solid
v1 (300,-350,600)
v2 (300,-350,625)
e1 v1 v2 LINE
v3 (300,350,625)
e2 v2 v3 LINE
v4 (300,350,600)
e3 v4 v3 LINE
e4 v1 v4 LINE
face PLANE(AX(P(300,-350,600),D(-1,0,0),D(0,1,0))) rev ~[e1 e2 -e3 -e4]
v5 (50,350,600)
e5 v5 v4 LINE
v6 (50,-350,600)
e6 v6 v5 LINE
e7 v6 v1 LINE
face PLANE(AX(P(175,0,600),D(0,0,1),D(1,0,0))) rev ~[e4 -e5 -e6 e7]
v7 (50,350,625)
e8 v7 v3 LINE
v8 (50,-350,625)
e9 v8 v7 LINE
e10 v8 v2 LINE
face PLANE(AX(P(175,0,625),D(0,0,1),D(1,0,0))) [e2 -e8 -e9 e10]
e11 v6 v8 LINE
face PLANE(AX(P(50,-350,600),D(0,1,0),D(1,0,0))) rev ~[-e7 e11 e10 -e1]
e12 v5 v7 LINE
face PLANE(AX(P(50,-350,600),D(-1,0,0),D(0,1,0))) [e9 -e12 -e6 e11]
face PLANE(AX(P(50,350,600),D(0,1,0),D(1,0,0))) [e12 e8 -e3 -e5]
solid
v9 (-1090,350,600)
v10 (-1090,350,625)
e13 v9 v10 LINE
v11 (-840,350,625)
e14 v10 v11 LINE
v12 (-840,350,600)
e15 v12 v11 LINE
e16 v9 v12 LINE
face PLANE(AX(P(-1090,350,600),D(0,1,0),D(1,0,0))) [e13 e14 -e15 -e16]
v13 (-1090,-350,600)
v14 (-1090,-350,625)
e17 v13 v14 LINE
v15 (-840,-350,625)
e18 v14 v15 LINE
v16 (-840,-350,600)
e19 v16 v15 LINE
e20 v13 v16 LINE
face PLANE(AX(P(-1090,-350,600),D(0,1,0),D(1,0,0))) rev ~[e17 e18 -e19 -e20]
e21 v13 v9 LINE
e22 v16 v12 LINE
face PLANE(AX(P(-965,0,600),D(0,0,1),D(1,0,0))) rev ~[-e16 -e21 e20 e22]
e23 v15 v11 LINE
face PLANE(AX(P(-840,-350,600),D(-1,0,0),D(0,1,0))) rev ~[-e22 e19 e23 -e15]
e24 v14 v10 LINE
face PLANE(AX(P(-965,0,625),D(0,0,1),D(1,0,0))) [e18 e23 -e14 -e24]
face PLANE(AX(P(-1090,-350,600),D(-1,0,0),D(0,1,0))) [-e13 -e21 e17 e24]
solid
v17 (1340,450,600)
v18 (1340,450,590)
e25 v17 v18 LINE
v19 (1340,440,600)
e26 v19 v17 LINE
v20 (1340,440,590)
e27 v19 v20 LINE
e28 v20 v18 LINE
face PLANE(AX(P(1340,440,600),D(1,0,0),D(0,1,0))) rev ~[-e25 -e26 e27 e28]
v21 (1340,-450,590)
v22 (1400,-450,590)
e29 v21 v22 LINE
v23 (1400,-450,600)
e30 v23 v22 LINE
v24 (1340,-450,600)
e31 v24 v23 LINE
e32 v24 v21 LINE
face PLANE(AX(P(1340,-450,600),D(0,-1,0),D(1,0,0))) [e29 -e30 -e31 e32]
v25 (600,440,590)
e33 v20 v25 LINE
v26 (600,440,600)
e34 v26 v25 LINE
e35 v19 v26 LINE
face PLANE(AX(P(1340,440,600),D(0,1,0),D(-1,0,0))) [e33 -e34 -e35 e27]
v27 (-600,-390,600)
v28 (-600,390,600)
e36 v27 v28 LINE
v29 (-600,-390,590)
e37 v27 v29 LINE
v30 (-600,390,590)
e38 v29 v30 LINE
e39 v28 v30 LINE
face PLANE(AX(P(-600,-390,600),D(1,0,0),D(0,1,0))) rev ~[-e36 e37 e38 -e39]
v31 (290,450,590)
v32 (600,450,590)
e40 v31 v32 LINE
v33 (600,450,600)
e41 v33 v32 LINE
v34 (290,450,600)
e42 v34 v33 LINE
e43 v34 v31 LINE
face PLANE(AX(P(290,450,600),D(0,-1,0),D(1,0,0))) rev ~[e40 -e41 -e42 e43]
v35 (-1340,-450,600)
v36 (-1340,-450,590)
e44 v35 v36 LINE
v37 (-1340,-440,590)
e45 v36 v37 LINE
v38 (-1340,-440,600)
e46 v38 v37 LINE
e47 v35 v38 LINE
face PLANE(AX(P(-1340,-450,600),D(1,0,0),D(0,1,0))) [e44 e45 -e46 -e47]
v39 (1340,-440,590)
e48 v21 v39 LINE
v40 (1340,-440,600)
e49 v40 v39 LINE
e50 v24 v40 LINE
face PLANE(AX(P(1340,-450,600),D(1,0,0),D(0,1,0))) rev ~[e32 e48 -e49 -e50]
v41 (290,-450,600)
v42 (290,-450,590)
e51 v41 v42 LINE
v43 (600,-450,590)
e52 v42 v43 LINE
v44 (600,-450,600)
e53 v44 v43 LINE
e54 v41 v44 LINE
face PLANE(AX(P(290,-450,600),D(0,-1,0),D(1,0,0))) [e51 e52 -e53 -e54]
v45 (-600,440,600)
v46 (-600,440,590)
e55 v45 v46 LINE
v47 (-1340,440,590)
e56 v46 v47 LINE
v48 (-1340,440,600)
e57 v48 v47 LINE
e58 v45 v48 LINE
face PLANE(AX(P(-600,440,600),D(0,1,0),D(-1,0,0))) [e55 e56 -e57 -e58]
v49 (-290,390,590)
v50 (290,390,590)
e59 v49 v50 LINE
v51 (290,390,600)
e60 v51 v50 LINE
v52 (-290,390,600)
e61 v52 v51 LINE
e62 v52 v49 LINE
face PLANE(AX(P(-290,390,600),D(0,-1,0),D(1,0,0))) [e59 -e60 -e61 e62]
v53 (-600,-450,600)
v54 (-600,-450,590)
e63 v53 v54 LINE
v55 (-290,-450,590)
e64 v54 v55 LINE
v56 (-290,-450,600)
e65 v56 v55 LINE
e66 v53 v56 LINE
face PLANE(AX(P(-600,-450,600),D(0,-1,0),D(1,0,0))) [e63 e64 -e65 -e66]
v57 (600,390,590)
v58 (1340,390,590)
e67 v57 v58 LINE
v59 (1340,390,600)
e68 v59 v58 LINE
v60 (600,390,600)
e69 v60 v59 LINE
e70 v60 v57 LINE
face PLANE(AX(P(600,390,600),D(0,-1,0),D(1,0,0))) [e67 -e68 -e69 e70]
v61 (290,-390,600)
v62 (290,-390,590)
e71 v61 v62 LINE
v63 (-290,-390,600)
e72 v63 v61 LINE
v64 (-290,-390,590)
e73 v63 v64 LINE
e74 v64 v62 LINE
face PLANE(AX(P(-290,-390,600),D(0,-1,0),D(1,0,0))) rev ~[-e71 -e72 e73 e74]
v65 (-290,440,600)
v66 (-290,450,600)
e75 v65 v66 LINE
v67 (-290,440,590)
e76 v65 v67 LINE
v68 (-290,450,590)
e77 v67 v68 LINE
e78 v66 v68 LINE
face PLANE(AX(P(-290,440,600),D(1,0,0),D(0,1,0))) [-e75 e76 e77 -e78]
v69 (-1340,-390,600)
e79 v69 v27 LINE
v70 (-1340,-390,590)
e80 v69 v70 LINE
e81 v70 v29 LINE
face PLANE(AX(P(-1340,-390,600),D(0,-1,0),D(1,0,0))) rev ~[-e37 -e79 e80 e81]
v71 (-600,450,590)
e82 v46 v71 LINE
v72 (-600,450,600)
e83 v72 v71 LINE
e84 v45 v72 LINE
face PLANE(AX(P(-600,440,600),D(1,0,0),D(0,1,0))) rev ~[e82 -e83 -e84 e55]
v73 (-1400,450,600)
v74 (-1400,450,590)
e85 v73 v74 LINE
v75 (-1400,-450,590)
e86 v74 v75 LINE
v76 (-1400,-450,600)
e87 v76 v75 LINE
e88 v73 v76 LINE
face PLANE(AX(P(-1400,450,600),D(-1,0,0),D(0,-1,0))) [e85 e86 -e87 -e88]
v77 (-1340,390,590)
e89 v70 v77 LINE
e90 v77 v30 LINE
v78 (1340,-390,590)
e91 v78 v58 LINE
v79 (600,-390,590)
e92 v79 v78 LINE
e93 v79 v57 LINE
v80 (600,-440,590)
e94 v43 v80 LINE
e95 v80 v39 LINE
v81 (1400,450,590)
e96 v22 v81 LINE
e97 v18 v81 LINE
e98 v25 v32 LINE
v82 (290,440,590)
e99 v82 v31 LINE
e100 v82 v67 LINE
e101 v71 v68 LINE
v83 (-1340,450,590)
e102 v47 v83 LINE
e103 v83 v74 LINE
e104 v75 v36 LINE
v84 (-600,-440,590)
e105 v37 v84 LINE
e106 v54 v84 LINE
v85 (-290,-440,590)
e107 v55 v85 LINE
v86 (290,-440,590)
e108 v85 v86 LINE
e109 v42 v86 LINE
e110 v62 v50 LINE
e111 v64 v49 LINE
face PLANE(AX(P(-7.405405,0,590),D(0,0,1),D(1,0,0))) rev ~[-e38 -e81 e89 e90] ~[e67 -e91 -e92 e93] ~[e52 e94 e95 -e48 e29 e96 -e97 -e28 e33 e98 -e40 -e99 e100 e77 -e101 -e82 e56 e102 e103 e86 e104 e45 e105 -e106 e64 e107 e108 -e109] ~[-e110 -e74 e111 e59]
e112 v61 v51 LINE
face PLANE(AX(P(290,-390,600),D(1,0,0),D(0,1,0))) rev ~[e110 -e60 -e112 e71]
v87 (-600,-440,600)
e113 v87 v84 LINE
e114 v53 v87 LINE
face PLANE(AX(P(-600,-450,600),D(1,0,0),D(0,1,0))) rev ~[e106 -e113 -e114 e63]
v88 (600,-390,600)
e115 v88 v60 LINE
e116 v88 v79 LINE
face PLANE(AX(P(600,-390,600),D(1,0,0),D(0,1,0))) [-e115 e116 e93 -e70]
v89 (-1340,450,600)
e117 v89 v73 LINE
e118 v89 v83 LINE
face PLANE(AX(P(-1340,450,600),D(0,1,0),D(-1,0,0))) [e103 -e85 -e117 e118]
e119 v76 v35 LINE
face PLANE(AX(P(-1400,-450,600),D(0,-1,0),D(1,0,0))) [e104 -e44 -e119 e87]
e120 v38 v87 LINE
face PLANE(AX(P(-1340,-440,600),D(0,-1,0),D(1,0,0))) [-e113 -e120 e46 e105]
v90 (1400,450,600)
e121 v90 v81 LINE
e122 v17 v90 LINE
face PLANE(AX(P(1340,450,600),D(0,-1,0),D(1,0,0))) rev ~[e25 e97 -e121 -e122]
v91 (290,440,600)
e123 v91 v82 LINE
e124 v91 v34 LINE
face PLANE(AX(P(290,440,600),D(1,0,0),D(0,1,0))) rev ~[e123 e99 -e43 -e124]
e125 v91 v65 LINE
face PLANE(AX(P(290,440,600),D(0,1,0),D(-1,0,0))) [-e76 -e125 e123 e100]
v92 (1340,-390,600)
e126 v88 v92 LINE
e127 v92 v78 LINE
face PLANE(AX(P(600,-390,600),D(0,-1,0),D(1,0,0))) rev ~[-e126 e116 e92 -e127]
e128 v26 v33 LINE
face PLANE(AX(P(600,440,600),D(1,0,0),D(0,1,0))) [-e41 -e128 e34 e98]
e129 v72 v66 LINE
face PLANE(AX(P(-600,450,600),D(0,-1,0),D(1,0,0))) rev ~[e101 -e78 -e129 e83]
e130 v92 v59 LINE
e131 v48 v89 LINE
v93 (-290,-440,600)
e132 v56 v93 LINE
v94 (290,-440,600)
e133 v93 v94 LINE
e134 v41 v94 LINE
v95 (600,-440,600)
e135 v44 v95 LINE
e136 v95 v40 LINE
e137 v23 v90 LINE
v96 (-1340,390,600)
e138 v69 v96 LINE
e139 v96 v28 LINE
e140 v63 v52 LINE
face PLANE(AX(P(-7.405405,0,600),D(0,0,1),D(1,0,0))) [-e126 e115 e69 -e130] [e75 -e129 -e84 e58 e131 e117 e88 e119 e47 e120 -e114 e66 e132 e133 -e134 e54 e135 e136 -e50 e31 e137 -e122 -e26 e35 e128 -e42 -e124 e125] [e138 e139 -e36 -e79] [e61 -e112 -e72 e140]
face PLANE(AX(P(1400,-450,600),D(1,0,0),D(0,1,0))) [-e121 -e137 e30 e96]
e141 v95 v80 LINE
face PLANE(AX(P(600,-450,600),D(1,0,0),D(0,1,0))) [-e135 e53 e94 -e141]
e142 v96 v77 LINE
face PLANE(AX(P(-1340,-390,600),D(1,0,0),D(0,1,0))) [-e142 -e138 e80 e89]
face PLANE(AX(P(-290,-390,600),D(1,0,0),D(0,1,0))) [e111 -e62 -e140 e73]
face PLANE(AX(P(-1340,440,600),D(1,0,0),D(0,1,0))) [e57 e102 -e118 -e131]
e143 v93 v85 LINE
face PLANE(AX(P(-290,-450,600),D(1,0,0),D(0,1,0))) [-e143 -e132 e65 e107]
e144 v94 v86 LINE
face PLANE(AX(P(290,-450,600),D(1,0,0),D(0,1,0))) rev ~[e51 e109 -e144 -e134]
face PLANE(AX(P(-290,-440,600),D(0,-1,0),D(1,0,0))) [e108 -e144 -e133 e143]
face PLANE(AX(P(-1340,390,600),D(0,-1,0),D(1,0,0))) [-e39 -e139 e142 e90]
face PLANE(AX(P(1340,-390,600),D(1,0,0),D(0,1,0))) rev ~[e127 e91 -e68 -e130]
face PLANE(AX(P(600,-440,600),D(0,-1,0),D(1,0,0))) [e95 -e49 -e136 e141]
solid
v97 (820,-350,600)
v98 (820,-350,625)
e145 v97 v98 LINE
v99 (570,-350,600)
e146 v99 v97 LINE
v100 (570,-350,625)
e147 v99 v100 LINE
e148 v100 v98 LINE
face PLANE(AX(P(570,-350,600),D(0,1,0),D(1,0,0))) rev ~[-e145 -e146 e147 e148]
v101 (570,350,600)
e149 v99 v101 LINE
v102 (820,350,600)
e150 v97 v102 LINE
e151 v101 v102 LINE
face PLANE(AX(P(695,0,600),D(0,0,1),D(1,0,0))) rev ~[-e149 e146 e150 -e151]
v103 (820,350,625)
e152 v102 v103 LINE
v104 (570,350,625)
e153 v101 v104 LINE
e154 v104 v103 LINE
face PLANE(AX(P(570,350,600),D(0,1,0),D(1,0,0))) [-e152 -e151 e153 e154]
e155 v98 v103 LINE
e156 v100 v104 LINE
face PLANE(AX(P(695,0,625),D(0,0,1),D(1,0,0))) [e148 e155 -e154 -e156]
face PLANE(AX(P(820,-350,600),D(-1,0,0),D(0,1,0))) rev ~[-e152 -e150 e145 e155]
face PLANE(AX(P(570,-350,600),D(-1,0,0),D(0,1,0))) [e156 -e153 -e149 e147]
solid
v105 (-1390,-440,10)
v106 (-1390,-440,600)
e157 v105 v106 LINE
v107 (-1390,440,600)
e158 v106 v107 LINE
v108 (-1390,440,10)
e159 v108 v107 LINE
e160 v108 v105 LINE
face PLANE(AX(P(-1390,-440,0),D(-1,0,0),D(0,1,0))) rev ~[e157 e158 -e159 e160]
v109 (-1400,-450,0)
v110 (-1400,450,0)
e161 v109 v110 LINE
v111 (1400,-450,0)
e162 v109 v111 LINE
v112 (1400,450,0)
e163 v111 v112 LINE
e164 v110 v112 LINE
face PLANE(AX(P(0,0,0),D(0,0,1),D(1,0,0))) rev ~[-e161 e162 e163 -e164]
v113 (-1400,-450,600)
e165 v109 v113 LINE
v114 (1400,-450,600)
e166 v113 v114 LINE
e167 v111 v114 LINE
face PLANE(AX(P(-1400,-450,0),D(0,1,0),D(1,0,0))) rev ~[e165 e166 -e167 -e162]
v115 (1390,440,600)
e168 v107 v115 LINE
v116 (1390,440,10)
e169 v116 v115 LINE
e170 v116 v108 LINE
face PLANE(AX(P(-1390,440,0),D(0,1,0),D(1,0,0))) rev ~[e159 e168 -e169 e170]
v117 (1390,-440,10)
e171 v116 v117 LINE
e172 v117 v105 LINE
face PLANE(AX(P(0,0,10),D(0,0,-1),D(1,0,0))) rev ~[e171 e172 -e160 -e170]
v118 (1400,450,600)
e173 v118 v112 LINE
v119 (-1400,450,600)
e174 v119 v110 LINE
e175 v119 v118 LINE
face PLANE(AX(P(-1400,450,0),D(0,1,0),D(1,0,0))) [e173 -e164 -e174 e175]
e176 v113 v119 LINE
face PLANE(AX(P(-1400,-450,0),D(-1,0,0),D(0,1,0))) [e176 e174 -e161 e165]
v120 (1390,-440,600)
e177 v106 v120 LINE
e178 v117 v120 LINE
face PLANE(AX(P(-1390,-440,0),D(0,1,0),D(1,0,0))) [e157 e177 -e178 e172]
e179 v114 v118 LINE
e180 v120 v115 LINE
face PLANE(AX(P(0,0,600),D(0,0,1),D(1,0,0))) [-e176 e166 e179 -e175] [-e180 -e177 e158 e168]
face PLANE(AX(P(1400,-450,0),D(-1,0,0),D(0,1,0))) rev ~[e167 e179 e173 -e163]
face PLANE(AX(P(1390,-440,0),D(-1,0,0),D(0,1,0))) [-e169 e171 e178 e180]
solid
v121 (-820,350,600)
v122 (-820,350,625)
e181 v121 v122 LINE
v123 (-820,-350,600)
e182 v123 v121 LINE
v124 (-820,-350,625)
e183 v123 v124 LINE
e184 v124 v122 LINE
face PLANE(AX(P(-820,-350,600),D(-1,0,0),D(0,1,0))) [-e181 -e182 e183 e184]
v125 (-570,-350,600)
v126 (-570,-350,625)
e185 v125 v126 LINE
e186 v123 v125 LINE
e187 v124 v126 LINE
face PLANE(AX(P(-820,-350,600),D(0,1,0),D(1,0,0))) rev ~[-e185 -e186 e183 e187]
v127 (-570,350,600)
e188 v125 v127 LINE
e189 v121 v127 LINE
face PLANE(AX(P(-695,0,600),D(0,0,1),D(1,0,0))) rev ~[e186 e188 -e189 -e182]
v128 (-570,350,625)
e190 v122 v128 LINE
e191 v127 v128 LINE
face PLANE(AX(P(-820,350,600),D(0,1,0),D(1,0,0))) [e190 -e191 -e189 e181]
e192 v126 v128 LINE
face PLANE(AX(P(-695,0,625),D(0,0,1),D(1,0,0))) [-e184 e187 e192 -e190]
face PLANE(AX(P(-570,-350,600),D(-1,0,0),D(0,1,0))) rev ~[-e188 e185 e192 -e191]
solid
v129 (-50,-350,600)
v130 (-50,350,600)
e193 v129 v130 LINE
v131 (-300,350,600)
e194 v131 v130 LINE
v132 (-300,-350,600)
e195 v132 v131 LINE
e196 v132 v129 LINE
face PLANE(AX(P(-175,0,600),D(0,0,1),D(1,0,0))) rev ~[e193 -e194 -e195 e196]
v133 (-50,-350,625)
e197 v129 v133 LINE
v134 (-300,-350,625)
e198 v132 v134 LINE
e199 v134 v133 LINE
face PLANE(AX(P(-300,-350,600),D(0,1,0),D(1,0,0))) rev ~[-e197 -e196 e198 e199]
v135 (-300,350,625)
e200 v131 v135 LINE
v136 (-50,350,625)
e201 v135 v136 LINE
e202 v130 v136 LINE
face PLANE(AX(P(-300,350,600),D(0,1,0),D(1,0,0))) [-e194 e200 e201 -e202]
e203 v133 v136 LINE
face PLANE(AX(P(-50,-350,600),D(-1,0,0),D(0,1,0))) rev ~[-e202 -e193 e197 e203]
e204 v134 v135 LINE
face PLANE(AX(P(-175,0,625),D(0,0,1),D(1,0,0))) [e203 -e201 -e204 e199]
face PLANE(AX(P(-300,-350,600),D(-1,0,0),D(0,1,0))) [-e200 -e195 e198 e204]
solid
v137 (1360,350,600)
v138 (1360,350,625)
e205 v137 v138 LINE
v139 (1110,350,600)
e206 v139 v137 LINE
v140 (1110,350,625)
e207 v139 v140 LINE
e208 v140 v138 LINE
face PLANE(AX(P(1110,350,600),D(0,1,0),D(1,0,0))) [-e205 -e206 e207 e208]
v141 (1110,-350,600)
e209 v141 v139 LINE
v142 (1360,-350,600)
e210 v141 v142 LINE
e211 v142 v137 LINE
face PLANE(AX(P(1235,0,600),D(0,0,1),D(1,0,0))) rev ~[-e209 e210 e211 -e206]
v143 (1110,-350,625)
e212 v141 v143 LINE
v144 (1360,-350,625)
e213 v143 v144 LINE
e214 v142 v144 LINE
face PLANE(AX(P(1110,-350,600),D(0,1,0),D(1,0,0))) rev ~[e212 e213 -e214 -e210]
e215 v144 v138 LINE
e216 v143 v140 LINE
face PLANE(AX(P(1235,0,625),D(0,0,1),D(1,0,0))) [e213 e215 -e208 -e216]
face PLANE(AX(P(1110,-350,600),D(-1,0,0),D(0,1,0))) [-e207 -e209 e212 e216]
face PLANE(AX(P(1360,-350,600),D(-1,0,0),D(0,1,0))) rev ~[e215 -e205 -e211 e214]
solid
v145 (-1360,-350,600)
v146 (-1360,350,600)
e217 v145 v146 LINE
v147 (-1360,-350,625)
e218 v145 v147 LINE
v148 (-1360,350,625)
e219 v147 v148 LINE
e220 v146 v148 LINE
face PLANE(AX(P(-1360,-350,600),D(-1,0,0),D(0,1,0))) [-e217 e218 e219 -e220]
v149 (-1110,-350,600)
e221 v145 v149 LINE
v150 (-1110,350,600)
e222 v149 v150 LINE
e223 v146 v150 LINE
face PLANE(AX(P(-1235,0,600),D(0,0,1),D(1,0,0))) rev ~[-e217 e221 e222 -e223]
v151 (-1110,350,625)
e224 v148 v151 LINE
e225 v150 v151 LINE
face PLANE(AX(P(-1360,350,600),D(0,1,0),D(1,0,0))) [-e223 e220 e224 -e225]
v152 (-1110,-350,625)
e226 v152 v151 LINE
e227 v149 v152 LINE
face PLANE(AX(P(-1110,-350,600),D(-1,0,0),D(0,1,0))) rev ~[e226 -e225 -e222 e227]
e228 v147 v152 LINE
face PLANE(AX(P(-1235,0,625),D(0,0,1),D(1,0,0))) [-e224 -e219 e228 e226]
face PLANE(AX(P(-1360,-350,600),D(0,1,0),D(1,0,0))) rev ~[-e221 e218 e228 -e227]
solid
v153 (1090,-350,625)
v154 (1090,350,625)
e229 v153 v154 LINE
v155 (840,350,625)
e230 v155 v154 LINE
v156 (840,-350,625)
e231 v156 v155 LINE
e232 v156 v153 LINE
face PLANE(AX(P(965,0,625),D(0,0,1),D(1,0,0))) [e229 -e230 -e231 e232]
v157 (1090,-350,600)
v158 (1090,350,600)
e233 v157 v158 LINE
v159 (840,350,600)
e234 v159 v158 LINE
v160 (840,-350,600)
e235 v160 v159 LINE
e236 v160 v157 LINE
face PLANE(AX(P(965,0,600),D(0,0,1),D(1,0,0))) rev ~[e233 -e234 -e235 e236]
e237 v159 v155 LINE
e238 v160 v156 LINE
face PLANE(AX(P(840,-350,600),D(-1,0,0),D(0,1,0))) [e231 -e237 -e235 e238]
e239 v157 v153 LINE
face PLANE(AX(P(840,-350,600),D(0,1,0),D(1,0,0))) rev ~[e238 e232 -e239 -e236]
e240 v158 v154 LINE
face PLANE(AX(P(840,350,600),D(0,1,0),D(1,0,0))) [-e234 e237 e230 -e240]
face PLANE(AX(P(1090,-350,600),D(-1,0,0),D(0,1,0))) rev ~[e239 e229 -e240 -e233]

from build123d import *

# Parameters (mm, degrees)
F0_W     = 2800
F0_H     = 900
F0_W_2   = 2780
F0_H_2   = 880
F1_DEPTH = 600
F2_W     = 2800
F2_H     = 900
F3_DEPTH = 10
F4_W     = 740
F4_H     = 780
F4_W_2   = 580
F4_W_3   = 310
F4_H_2   = 10
F4_W_4   = 60
F5_DEPTH = 10
F6_W     = 250
F6_H     = 700
F7_DEPTH = 25


with BuildPart() as f1:
    # F0 (on Top) → F1 (new body)
    with BuildSketch(Plane.XY):
        Rectangle(F0_W, F0_H)
        Rectangle(F0_W_2, F0_H_2, mode=Mode.SUBTRACT)
    extrude(amount=F1_DEPTH)

    # F2 (on face) → F3 (join)
    with BuildSketch(Plane(origin=(0, 0, 0), x_dir=(1, 0, 0), z_dir=(0, 0, -1))):
        Rectangle(F2_W, F2_H)
    extrude(amount=-F3_DEPTH)


with BuildPart() as f5:
    # F4 (on face) → F5 (new body)
    with BuildSketch(Plane.XY.offset(600)):
        Polygon((-1400, 450), (-1400, -450), (-1340, -450), (-1340, -440), (-600, -440), (-290, -440), (290, -440), (600, -440), (1340, -440), (1400, -440), (1400, -390), (1400, 390), (1400, 440), (1340, 440), (600, 440), (290, 440), (-290, 440), (-600, 440), (-1340, 440), (-1340, 450), align=None)
        with Locations((-970, 0)):
            Rectangle(F4_W, F4_H, mode=Mode.SUBTRACT)
        Rectangle(F4_W_2, F4_H, mode=Mode.SUBTRACT)
        with Locations((970, 0)):
            Rectangle(F4_W, F4_H, mode=Mode.SUBTRACT)
        with Locations((-445, -445)):
            Rectangle(F4_W_3, F4_H_2)
        with Locations((-445, 445)):
            Rectangle(F4_W_3, F4_H_2)
        with Locations((445, -445)):
            Rectangle(F4_W_3, F4_H_2)
        with Locations((445, 445)):
            Rectangle(F4_W_3, F4_H_2)
        with Locations((1370, -445)):
            Rectangle(F4_W_4, F4_H_2)
        with Locations((1370, 445)):
            Rectangle(F4_W_4, F4_H_2)
    extrude(amount=-F5_DEPTH)


with BuildPart() as f7:
    # F6 (on face) → F7 (new body)
    with BuildSketch(Plane.XY.offset(600)):
        with Locations((-1235, 0)):
            Rectangle(F6_W, F6_H)
        with Locations((-965, 0)):
            Rectangle(F6_W, F6_H)
        with Locations((-695, 0)):
            Rectangle(F6_W, F6_H)
        with Locations((-175, 0)):
            Rectangle(F6_W, F6_H)
        with Locations((175, 0)):
            Rectangle(F6_W, F6_H)
        with Locations((965, 0)):
            Rectangle(F6_W, F6_H)
        with Locations((695, 0)):
            Rectangle(F6_W, F6_H)
        with Locations((1235, 0)):
            Rectangle(F6_W, F6_H)
    extrude(amount=F7_DEPTH)


solid = Compound([f1.part, f5.part, f7.part])
